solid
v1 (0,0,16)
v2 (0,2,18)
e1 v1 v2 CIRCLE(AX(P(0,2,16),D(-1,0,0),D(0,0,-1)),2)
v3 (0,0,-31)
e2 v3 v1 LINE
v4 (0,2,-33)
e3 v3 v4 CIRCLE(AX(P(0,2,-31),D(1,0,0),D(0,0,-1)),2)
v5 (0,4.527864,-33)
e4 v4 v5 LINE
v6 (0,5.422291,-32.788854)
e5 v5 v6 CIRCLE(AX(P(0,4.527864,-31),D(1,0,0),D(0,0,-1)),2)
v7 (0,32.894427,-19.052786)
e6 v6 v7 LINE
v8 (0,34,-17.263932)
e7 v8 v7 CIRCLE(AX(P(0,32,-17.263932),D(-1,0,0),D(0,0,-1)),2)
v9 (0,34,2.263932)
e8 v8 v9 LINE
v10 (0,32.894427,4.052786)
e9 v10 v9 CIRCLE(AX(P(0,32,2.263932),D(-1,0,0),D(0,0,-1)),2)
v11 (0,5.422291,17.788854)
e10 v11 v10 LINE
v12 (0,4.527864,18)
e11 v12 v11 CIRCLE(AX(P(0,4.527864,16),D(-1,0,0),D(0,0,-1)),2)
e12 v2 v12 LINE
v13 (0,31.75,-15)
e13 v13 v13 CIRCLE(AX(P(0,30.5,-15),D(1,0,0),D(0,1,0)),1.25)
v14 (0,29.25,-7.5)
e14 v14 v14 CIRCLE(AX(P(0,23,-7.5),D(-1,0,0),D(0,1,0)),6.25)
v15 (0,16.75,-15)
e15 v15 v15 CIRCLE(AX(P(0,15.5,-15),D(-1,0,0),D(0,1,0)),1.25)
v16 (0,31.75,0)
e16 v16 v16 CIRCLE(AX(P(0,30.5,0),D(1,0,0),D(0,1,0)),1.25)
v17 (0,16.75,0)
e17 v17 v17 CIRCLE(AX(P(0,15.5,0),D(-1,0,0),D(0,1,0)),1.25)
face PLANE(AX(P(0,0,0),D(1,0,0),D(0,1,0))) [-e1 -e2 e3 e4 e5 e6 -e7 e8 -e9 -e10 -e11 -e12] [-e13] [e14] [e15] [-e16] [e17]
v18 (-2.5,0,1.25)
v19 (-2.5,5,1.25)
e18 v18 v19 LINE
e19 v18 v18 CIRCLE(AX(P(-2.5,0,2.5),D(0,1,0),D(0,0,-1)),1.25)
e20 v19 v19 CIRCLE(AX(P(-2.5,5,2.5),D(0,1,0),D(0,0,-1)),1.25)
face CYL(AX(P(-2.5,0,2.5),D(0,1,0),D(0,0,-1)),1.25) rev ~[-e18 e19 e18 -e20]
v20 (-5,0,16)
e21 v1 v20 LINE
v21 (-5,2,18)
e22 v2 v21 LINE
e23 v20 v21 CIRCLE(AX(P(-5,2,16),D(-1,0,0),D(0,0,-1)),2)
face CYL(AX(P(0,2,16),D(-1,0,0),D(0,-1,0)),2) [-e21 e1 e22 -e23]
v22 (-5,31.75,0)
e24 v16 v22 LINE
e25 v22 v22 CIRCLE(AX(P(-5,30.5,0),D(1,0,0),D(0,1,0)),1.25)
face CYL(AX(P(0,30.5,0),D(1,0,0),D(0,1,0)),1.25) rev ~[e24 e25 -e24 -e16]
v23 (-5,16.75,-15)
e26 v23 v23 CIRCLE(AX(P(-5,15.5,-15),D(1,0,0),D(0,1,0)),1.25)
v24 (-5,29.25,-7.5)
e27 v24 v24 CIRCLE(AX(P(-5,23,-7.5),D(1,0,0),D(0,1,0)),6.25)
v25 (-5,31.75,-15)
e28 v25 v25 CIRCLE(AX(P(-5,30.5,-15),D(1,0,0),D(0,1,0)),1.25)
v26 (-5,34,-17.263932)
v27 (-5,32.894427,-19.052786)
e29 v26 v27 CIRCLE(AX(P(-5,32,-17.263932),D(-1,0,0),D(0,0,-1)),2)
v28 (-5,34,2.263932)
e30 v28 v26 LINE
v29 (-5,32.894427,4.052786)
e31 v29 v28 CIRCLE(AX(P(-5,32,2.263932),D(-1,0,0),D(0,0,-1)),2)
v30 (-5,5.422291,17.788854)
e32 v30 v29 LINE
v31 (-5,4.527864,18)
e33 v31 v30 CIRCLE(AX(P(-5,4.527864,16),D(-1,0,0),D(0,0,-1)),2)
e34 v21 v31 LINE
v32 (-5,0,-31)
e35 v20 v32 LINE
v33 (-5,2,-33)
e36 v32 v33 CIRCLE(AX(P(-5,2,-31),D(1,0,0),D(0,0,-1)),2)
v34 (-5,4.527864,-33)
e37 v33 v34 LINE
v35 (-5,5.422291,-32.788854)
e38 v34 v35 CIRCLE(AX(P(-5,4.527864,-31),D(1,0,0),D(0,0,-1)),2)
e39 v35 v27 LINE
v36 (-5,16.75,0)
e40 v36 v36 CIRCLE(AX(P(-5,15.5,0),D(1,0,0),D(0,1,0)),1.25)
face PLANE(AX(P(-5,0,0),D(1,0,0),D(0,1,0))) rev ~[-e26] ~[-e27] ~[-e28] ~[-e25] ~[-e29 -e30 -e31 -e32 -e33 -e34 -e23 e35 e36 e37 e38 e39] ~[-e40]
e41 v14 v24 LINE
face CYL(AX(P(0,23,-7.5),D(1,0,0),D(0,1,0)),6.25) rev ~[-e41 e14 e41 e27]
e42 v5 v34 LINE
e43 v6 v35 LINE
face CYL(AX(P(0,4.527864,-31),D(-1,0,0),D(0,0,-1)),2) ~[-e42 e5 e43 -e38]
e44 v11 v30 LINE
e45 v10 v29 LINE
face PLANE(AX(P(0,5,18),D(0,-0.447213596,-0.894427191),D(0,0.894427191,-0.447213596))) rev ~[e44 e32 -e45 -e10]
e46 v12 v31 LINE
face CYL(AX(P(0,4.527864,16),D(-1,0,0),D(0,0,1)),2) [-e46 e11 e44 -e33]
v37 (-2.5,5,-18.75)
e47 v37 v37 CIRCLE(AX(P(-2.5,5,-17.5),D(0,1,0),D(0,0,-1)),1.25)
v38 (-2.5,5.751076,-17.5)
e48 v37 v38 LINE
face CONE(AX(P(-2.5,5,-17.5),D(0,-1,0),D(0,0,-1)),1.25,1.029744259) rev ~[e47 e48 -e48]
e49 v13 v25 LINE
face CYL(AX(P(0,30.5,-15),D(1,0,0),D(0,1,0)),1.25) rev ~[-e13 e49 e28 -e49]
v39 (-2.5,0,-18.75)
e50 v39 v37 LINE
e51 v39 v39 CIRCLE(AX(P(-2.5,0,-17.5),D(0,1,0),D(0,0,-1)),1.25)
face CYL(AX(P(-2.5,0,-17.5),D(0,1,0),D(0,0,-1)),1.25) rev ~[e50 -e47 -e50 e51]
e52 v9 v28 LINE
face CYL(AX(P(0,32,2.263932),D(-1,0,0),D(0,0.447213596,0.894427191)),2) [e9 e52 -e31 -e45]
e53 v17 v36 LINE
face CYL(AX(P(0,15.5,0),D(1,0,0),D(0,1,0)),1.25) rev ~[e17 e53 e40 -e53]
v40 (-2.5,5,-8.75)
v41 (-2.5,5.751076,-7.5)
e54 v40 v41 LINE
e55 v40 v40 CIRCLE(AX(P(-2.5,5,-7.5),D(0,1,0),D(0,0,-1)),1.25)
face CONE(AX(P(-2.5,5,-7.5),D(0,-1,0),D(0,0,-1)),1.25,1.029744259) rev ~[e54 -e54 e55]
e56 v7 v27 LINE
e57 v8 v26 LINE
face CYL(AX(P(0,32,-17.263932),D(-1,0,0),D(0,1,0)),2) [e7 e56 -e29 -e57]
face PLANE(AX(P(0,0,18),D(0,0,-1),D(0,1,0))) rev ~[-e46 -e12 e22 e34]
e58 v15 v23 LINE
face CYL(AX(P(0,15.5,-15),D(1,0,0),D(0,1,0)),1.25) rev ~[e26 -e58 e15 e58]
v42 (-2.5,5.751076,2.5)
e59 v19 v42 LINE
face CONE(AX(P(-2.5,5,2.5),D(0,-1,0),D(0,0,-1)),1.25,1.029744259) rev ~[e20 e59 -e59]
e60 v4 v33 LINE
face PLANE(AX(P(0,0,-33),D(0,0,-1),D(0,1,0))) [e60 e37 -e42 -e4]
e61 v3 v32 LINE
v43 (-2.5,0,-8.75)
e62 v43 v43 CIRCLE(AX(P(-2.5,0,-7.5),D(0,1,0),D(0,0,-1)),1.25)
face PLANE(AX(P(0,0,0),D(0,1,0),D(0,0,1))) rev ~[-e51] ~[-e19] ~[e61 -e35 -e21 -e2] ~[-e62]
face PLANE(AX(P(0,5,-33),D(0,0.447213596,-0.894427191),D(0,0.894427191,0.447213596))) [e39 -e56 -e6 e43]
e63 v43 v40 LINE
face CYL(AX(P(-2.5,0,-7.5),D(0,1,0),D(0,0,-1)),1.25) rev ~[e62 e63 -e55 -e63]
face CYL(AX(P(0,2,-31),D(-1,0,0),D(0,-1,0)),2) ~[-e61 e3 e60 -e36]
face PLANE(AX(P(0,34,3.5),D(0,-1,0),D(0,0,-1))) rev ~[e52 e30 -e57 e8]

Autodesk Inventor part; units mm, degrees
ref_plane "YZ Plane" through (0, 0, 0) normal (1, 0, 0) x (0, 1, 0)
ref_plane "XZ Plane" through (0, 0, 0) normal (0, 1, 0) x (-1, 0, 0)
ref_plane "XY Plane" through (0, 0, 0) normal (0, 0, 1) x (1, 0, 0)
sketch "スケッチ1" plane through (0, 0, 0) normal (1, 0, 0) x (0, 1, 0)
  line L0 (0, 0) -> (15, 0)
  line L1 (15, 0) -> (15, -15)
  line L2 (15, -15) -> (0, -15)
  line L3 (0, -15) -> (0, 0)
  line L4 (0, 18) -> (-5, 18)
  line L5 (-5, 18) -> (-5, -33)
  line L6 (-5, -33) -> (0, -33)
  line L7 (0, -33) -> (0, 18)
  line L8 (12, 3.5) -> (34, 3.5)
  line L9 (34, 3.5) -> (34, -18.5)
  line L10 (34, -18.5) -> (12, -18.5)
  line L11 (12, -18.5) -> (12, 3.5)
  circle A0 centre (15.5, 0) radius 1.25
  line L12 (23, 3.5) -> (23, -18.5)
  line L13 (34, -7.5) -> (12, -7.5)
  circle A1 centre (15.5, -15) radius 1.25
  circle A2 centre (30.5, 0) radius 1.25
  circle A3 centre (30.5, -15) radius 1.25
  circle A4 centre (23, -7.5) radius 6.25
  line L14 (0, 18) -> (34, 3.5)
  line L15 (34, -18.5) -> (0, -33)
  line L16 (0, 18) -> (5, 18)
  line L17 (5, 18) -> (34, 3.5)
  line L18 (0, -33) -> (5, -33)
  line L19 (5, -33) -> (34, -18.5)
  dimension "d0" = 15
  dimension "d1" = 15
  dimension "d2" = 5
  dimension "d3" = 51
  dimension "d4" = 18
  dimension "d5" = 0
  dimension "d6" = 22
  dimension "d7" = 22
  dimension "d8" = 3.5
  dimension "d9" = 3
  dimension "d10" = 2.5
  dimension "d11" = 3.5
  dimension "d12" = 3.5
  dimension "d13" = 12.5
  dimension "d18" = 5
extrude "押し出し1" add sketch "スケッチ1" against normal blind 5 contours L7 L14 L8 L11 L0 | L0 L11 L2 L3 | L11 L8 L12 A4 L13 L1 A0 L0 | L0 A0 L1 L13 L11 | L2 L11 L10 L15 L7 | L16 L17 L14 | L13 L1 A1 L2 L11 | L2 A1 L1 L13 A4 L12 L10 L11 | L15 L19 L18 | L9 L13 A4 L12 L8 | L10 L12 A4 L13 L9
fillet "フィレット2" radius 2 6 edges at (-2.5, 0, -33) (-2.5, 5, -33) (-2.5, 34, -18.5) (-2.5, 34, 3.5) (-2.5, 0, 18) (-2.5, 5, 18)
sketch "スケッチ3" plane through (0, 0, -31) normal (0, -1, 0) x (1, 0, 0)
  line L0 (0, 29.75) -> (0, 17.25) projected
  line L1 (0, 23.5) -> (-5, 23.5)
  line L2 (-5, 17.25) -> (-5, 29.75) projected
  line L3 (0, 47) -> (0, 0) projected
  line L4 (0, 33.5) -> (-5, 33.5)
  line L5 (0, 13.5) -> (-5, 13.5)
  point P0 (0, 31)
  point P1 (-2.5, 33.5)
  point P2 (-2.5, 23.5)
  point P3 (-2.5, 13.5)
  dimension "d20" = 10
  dimension "d21" = 2.5
  dimension "d22" = 2.5
hole "穴1" at (-2.5, 0, 2.5) at (-2.5, 0, -7.5) at (-2.5, 0, -17.5) direction (0, 1, 0) diameter 2.5 depth 5 tip angle 118
properties part number "belt_liner_v2_Plate_21" material "アルミニウム 6061"
